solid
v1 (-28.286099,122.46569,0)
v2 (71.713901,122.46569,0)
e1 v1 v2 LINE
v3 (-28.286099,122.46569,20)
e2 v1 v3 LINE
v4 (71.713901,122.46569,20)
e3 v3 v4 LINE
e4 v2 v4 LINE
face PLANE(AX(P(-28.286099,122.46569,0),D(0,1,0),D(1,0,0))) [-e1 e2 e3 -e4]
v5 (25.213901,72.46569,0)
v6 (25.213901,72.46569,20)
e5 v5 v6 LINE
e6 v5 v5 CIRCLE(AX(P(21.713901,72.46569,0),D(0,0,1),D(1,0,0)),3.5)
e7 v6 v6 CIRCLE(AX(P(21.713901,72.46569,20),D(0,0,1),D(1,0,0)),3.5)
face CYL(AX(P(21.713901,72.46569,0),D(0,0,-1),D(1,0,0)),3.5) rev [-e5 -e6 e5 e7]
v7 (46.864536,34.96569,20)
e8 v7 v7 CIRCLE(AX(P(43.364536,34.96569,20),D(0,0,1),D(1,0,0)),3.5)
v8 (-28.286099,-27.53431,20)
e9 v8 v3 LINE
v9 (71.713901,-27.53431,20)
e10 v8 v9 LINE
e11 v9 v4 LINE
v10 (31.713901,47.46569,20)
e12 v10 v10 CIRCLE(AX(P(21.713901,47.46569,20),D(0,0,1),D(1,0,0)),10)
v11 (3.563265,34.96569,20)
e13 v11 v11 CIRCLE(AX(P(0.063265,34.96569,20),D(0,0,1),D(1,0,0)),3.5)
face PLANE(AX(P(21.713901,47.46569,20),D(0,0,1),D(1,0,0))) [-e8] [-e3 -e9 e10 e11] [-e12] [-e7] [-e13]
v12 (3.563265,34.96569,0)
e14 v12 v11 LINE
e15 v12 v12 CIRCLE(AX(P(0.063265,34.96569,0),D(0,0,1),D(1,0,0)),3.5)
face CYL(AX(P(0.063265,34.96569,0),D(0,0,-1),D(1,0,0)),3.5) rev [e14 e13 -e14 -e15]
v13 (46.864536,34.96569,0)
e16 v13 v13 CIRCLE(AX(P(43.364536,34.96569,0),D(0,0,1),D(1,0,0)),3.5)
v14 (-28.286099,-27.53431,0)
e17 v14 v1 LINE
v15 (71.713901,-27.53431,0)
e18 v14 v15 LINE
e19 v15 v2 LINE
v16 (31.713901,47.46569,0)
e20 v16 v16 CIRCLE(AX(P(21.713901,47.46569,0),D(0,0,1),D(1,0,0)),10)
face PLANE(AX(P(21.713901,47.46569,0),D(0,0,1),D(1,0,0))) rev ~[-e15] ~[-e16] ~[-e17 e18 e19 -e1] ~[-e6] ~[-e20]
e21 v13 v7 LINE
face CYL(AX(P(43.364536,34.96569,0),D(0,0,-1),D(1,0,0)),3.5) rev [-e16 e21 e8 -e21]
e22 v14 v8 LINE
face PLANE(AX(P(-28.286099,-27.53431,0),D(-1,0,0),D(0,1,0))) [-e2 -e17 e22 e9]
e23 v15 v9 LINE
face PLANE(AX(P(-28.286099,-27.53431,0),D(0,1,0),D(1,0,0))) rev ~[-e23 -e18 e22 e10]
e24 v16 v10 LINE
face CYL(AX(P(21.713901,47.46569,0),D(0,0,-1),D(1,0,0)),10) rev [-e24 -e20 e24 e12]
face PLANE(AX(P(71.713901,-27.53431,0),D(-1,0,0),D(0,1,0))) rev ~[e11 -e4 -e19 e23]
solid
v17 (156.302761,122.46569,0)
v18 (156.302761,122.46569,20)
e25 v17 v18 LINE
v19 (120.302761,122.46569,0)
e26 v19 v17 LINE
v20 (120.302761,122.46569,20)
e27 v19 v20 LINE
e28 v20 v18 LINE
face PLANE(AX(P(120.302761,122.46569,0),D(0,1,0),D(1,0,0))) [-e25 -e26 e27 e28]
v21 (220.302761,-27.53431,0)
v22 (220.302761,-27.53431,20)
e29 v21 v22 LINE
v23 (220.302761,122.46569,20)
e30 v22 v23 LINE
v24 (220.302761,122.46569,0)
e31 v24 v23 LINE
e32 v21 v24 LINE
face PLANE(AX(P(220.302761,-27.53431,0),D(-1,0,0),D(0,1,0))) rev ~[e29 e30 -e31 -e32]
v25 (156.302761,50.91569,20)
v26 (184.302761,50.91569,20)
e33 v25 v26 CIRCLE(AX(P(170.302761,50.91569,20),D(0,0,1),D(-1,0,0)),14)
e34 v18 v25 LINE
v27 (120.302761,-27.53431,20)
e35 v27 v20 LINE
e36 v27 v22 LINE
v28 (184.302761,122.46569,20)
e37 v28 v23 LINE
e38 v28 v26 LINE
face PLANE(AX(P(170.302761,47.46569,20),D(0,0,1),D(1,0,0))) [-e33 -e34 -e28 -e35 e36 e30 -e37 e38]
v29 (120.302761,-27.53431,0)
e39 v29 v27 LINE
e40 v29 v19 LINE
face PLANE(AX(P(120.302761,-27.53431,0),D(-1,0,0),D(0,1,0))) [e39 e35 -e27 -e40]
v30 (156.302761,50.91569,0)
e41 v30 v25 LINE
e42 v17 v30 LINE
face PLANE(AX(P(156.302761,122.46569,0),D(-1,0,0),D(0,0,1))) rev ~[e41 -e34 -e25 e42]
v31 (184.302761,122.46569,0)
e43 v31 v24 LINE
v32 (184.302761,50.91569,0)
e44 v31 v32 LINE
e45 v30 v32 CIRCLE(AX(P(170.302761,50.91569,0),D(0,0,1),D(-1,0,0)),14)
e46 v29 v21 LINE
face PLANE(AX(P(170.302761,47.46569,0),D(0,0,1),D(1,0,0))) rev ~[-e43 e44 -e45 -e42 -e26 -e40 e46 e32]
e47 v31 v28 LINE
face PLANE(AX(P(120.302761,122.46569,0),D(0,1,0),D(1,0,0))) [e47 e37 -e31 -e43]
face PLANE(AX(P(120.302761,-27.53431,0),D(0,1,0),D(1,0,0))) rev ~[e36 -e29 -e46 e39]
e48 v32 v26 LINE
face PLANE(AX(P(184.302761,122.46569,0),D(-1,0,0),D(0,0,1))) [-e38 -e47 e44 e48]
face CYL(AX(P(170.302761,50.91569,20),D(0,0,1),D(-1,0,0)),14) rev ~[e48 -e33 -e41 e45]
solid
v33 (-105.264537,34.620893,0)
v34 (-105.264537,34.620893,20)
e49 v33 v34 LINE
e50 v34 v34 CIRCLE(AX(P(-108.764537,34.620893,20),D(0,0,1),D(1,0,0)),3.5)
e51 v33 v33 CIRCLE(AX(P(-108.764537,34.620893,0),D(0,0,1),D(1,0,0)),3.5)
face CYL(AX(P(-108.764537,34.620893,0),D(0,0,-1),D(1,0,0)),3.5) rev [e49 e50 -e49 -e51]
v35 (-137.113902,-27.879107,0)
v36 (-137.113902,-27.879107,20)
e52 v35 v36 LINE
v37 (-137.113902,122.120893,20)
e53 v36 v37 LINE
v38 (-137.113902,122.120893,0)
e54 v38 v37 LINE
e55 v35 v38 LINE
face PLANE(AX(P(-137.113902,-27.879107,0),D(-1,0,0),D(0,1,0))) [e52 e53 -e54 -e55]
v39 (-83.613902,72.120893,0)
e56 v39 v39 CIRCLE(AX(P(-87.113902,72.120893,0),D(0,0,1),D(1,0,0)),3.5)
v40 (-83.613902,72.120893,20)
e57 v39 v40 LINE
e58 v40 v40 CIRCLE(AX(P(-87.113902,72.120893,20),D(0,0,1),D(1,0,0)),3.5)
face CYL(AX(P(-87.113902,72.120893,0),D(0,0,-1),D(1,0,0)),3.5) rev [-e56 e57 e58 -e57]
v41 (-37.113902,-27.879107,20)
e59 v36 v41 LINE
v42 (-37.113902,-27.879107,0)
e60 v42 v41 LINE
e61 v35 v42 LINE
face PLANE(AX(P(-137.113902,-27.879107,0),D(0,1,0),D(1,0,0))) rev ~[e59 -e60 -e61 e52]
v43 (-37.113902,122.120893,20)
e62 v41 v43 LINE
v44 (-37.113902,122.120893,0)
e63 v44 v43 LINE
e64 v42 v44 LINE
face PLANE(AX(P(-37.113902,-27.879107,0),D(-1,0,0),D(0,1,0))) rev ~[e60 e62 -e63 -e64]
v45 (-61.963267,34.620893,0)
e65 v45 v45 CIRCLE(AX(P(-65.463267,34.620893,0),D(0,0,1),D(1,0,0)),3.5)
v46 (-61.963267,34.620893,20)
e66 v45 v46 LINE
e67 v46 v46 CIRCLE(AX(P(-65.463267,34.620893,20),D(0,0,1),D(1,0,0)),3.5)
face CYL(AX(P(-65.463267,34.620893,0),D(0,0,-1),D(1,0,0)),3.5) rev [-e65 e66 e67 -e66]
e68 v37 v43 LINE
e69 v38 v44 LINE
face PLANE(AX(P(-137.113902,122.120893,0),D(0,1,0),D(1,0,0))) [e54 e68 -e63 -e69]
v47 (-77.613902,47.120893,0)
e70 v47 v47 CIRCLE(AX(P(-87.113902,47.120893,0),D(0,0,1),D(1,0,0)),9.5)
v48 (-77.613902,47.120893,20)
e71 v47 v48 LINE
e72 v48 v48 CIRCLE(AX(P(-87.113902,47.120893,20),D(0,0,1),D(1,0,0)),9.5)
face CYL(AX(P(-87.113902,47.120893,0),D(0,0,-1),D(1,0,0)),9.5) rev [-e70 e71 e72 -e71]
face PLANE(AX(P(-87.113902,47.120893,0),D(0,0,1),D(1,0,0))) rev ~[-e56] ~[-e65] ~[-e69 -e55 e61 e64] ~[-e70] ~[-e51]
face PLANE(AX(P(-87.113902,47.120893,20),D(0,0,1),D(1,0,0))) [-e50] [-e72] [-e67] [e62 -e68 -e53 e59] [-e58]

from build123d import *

# Parameters (mm, degrees)
F0_W     = 100
F0_H     = 150
F0_R     = 3.5
F0_R_2   = 10
F0_R_3   = 9.5
F1_DEPTH = 20
F2_W     = 14
F2_H     = 20
F3_DEPTH = 71.55
F5_DEPTH = 25


with BuildPart() as f1:
    # F0 (on Top) → F1 (new body)
    with BuildSketch(Plane.XY):
        with Locations((21.713901, 47.46569)):
            Rectangle(F0_W, F0_H)
        with Locations((0.063265, 34.96569)):
            Circle(F0_R, mode=Mode.SUBTRACT)
        with Locations((43.364536, 34.96569)):
            Circle(F0_R, mode=Mode.SUBTRACT)
        with Locations((21.713901, 47.46569)):
            Circle(F0_R_2, mode=Mode.SUBTRACT)
        with Locations((21.713901, 72.46569)):
            Circle(F0_R, mode=Mode.SUBTRACT)
        with Locations((-87.113902, 47.120893)):
            Rectangle(F0_W, F0_H)
        with Locations((-108.764537, 34.620893)):
            Circle(F0_R, mode=Mode.SUBTRACT)
        with Locations((-65.463267, 34.620893)):
            Circle(F0_R, mode=Mode.SUBTRACT)
        with Locations((-87.113902, 47.120893)):
            Circle(F0_R_3, mode=Mode.SUBTRACT)
        with Locations((-87.113902, 72.120893)):
            Circle(F0_R, mode=Mode.SUBTRACT)
        with Locations((170.302761, 47.46569)):
            Rectangle(F0_W, F0_H)
    extrude(amount=F1_DEPTH)

    # F2 (on face) → F3 (cut)
    with BuildSketch(Plane(origin=(0, 122.46569, 0), x_dir=(-1, 0, 0), z_dir=(0, 1, 0))):
        with Locations((-177.302761, 10)):
            Rectangle(F2_W, F2_H)
        with Locations((-163.302761, 10)):
            Rectangle(F2_W, F2_H)
    extrude(amount=-F3_DEPTH, mode=Mode.SUBTRACT)

    # F4 (on face) → F5 (cut)
    with BuildSketch(Plane.XY.offset(20)):
        with BuildLine():
            Line((184.302761, 50.91569), (156.302761, 50.91569))
            ThreePointArc((156.302761, 50.91569), (170.302761, 36.91569), (184.302761, 50.91569))
        make_face()
    extrude(amount=-F5_DEPTH, mode=Mode.SUBTRACT)


solid = f1.part
